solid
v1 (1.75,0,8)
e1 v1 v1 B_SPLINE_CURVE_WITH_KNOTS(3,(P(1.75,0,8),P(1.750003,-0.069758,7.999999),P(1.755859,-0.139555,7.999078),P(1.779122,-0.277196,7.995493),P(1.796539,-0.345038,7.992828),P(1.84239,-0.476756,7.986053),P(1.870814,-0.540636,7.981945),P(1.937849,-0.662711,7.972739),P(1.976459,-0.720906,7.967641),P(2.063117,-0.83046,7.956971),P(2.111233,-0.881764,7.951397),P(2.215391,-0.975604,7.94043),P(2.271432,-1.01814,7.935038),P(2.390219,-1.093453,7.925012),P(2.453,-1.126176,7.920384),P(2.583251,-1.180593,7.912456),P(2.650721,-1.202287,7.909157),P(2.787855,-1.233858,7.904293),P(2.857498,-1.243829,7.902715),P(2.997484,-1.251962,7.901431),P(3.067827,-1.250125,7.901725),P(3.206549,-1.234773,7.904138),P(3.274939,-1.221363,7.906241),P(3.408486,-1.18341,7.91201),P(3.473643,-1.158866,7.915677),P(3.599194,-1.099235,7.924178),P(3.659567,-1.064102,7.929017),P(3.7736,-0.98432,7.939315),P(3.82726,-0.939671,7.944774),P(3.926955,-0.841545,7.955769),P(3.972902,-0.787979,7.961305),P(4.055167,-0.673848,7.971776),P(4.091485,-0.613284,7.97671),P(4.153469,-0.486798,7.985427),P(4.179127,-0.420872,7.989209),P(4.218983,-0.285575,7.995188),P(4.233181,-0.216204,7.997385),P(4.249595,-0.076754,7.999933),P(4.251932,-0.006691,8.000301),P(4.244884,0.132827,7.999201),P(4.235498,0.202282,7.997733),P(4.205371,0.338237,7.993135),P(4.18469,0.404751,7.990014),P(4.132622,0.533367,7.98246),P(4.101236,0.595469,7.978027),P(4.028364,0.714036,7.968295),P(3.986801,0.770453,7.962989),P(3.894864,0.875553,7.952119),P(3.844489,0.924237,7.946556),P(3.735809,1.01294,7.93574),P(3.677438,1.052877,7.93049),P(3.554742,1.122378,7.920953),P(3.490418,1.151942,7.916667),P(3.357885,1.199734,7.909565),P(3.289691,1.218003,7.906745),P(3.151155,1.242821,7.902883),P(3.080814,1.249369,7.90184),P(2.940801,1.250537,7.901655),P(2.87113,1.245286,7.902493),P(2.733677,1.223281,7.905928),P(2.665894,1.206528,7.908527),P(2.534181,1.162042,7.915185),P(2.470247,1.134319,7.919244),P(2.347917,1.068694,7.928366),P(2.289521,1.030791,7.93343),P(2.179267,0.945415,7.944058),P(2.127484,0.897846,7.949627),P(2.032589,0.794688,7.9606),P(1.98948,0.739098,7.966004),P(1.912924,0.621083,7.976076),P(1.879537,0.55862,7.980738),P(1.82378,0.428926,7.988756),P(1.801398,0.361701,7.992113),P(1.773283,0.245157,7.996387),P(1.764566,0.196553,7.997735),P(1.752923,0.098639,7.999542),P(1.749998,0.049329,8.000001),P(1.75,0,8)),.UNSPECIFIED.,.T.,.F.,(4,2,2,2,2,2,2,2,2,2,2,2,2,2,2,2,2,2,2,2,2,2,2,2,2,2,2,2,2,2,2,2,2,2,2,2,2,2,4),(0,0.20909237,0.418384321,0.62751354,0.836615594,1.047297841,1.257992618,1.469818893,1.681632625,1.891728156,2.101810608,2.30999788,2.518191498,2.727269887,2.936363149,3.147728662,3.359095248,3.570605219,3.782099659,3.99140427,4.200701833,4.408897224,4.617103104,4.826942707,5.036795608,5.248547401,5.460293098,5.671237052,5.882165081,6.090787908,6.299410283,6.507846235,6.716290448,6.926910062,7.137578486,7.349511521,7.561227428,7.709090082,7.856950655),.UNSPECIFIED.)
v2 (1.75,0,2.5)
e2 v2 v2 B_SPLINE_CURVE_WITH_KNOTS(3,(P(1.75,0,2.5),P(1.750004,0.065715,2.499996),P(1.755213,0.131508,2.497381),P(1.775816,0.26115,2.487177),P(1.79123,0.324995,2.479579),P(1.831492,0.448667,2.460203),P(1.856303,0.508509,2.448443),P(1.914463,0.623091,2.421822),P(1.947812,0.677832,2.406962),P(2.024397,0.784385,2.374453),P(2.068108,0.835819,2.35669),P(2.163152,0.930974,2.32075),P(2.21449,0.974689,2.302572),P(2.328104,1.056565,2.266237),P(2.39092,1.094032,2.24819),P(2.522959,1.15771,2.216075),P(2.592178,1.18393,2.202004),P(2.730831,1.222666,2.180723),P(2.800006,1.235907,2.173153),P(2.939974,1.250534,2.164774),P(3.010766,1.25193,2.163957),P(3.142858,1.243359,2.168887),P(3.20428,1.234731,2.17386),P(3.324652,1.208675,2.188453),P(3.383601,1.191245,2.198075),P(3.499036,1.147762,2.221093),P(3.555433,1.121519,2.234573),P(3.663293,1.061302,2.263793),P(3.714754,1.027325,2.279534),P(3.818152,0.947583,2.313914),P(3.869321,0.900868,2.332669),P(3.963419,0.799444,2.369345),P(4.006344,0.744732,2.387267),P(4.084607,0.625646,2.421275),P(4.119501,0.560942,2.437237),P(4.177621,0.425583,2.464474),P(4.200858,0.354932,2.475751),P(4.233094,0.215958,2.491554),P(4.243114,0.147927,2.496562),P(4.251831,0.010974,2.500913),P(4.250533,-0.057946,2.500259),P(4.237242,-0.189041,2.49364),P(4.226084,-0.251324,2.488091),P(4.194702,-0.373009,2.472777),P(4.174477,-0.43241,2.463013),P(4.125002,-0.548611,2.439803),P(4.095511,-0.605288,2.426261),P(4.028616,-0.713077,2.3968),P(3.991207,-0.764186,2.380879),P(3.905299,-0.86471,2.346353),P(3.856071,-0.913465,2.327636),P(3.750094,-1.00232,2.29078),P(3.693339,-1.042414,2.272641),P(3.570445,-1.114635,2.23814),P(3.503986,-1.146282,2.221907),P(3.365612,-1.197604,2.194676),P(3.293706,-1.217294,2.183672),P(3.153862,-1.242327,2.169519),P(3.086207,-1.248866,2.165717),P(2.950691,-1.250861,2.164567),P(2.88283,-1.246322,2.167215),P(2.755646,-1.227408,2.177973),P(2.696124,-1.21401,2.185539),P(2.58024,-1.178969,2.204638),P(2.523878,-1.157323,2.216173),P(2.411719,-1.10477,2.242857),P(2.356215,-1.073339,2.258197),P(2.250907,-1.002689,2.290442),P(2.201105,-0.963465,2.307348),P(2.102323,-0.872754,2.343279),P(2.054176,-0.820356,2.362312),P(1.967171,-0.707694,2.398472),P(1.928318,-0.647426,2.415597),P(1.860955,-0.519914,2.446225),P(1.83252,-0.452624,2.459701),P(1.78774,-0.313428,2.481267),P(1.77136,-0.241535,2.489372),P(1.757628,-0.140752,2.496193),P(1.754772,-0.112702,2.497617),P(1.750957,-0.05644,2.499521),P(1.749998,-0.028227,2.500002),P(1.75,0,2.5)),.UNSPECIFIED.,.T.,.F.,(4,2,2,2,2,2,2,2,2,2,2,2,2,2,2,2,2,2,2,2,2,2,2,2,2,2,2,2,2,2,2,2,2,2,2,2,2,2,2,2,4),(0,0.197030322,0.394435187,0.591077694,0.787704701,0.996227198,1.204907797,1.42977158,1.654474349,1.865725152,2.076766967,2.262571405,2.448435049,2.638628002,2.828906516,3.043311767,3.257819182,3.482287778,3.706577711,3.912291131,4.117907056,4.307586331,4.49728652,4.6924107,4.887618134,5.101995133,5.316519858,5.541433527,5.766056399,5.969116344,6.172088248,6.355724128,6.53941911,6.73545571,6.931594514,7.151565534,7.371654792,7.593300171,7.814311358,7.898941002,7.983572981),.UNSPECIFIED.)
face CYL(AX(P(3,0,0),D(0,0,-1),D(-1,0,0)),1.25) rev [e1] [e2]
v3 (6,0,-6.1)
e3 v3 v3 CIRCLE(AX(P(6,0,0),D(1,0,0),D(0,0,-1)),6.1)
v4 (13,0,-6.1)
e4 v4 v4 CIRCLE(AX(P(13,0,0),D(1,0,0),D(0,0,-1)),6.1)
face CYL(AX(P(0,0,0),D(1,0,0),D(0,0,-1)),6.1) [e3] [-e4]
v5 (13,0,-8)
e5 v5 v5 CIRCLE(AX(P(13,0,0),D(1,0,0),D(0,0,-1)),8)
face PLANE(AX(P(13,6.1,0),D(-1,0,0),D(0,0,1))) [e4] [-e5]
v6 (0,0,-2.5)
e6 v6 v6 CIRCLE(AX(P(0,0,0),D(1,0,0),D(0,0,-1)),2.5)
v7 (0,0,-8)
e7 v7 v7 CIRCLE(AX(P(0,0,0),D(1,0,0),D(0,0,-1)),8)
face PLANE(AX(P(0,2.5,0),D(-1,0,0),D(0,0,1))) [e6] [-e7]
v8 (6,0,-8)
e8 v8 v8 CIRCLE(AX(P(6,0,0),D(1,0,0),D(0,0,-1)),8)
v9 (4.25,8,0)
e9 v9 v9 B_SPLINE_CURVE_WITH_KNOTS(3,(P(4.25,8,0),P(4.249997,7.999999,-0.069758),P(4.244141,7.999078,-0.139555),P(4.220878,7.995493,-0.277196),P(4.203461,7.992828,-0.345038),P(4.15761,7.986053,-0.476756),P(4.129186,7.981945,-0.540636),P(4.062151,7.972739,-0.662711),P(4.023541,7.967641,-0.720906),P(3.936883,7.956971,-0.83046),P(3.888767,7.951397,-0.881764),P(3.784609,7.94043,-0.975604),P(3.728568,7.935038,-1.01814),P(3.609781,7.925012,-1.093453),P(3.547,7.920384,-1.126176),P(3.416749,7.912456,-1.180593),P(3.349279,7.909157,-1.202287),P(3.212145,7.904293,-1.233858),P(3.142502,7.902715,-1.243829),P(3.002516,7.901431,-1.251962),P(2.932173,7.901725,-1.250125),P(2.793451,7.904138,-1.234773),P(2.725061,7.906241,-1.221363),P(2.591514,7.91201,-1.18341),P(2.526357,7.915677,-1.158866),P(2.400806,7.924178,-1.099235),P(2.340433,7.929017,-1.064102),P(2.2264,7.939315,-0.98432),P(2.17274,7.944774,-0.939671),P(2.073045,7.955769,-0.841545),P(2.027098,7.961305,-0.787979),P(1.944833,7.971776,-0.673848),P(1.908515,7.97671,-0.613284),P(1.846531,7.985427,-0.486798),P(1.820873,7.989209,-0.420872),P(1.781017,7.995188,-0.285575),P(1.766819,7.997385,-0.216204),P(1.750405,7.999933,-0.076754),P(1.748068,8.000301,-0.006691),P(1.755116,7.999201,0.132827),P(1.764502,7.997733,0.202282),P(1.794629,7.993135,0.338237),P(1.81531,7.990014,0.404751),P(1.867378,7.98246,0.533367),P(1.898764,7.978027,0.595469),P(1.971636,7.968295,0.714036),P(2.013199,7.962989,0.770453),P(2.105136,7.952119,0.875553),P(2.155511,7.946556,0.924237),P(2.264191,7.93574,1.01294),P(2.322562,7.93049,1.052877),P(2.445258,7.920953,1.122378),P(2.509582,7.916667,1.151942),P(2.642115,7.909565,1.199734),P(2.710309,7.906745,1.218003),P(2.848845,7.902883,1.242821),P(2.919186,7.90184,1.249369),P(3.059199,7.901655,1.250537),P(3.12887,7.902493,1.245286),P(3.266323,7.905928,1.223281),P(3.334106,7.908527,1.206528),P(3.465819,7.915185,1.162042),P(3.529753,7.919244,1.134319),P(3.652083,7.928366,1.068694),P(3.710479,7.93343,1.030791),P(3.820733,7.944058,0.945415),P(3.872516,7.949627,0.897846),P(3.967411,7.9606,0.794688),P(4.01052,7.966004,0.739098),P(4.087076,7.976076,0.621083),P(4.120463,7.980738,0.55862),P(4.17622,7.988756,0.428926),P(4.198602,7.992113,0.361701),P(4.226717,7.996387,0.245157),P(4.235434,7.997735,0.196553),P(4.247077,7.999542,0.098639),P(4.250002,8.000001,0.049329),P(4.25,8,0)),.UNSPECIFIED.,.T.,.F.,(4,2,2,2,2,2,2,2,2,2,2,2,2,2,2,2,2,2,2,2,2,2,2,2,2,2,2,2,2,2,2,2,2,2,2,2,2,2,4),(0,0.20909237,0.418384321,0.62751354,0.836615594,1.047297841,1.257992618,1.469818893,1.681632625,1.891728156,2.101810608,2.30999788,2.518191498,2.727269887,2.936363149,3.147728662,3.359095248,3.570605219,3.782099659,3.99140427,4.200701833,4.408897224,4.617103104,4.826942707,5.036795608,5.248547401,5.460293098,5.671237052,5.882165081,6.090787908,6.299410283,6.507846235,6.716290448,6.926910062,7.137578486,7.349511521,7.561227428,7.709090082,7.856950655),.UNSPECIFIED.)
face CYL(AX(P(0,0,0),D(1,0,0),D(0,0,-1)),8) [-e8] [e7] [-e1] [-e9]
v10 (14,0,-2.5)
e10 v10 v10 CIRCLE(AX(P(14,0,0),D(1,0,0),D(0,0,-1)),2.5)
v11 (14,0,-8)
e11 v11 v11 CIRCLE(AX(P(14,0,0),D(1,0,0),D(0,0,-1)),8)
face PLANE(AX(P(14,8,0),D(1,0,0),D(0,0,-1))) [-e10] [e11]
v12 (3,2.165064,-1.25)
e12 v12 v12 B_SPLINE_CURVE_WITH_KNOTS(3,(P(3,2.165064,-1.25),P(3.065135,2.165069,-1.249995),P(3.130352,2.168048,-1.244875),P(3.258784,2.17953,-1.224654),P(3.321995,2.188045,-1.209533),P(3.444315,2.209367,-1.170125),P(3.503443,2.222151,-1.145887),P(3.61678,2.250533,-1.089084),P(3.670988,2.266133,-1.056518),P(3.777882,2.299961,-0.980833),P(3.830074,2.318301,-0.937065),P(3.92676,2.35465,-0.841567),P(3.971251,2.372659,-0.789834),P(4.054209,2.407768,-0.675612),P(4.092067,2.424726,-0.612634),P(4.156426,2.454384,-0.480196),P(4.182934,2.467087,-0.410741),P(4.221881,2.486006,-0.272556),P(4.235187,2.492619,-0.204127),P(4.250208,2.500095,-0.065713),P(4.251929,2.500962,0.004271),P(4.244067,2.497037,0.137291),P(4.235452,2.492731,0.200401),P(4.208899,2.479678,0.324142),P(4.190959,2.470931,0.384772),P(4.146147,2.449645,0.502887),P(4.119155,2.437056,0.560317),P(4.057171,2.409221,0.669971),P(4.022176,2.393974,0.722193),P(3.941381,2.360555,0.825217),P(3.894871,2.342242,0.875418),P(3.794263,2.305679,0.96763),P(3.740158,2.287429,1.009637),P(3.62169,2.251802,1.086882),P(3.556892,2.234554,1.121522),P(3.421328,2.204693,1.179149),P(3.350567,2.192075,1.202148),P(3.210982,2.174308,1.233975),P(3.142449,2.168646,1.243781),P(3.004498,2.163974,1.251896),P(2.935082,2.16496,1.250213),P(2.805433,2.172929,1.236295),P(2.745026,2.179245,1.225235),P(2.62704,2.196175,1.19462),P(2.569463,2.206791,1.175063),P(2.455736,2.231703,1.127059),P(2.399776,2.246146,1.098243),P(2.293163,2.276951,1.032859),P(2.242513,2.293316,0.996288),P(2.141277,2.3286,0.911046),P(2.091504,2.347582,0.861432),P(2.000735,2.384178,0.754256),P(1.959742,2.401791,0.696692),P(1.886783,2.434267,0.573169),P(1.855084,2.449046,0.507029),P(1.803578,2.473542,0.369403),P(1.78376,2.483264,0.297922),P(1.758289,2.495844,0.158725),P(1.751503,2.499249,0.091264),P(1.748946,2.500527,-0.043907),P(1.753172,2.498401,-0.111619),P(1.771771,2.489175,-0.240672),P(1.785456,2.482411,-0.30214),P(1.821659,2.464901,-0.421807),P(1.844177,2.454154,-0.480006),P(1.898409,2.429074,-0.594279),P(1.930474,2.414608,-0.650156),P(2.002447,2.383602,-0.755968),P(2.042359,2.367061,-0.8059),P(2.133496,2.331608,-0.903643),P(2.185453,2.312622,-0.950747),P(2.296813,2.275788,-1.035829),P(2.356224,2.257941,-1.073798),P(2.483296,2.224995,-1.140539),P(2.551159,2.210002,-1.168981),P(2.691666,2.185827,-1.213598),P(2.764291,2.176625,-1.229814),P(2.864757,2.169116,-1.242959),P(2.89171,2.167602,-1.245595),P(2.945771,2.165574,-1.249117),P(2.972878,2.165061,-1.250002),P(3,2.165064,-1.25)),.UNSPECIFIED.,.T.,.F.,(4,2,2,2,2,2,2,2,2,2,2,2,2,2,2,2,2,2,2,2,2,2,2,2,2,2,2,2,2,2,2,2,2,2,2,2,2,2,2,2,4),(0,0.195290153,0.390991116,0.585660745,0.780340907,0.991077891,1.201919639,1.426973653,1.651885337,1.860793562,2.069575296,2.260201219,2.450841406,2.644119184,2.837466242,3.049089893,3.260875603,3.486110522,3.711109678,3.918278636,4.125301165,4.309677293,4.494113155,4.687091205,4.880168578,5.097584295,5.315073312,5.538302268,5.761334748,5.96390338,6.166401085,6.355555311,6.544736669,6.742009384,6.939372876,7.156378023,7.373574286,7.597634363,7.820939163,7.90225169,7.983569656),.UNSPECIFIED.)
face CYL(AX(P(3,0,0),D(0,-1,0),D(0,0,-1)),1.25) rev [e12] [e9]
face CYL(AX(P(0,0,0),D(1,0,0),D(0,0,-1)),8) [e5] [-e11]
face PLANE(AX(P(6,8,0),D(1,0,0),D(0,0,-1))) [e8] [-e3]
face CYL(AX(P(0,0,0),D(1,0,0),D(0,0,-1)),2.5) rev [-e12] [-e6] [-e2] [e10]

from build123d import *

# Parameters (mm, degrees)
SKETCH2_W = 1.25
SKETCH2_H = 8
SKETCH4_W = 1.25
SKETCH4_H = 8


with BuildPart() as part:
    # Sketch1 → Revolve1 (revolve)
    with BuildSketch(Plane.XY, mode=Mode.PRIVATE) as revolve1_sk:
        Polygon((0, 2.5), (0, 8), (6, 8), (6, 6.1), (13, 6.1), (13, 8), (14, 8), (14, 2.5), align=None)
    revolve(revolve1_sk.sketch.rotate(Axis((0, 0, 0), (-1, 0, 0)), 90), axis=Axis((0, 0, 0), (-1, 0, 0)))

    # Sketch2 → M3x0.5 Tapped Hole1 (revolve, cut)
    with BuildSketch(Plane(origin=(3, 0, 0), x_dir=(0, 0, -1), z_dir=(1, 0, 0))):
        with Locations((0.625, 4)):
            Rectangle(SKETCH2_W, SKETCH2_H)
    revolve(axis=Axis((3, -6.35, 0), (0, 1, 0)), mode=Mode.SUBTRACT)

    # Sketch4 → M3x0.5 Tapped Hole2 (revolve, cut)
    with BuildSketch(Plane.YZ.offset(3)):
        with Locations((0.625, 4)):
            Rectangle(SKETCH4_W, SKETCH4_H)
    revolve(axis=Axis((3, 0, -6.35), (0, 0, 1)), mode=Mode.SUBTRACT)


solid = part.part
